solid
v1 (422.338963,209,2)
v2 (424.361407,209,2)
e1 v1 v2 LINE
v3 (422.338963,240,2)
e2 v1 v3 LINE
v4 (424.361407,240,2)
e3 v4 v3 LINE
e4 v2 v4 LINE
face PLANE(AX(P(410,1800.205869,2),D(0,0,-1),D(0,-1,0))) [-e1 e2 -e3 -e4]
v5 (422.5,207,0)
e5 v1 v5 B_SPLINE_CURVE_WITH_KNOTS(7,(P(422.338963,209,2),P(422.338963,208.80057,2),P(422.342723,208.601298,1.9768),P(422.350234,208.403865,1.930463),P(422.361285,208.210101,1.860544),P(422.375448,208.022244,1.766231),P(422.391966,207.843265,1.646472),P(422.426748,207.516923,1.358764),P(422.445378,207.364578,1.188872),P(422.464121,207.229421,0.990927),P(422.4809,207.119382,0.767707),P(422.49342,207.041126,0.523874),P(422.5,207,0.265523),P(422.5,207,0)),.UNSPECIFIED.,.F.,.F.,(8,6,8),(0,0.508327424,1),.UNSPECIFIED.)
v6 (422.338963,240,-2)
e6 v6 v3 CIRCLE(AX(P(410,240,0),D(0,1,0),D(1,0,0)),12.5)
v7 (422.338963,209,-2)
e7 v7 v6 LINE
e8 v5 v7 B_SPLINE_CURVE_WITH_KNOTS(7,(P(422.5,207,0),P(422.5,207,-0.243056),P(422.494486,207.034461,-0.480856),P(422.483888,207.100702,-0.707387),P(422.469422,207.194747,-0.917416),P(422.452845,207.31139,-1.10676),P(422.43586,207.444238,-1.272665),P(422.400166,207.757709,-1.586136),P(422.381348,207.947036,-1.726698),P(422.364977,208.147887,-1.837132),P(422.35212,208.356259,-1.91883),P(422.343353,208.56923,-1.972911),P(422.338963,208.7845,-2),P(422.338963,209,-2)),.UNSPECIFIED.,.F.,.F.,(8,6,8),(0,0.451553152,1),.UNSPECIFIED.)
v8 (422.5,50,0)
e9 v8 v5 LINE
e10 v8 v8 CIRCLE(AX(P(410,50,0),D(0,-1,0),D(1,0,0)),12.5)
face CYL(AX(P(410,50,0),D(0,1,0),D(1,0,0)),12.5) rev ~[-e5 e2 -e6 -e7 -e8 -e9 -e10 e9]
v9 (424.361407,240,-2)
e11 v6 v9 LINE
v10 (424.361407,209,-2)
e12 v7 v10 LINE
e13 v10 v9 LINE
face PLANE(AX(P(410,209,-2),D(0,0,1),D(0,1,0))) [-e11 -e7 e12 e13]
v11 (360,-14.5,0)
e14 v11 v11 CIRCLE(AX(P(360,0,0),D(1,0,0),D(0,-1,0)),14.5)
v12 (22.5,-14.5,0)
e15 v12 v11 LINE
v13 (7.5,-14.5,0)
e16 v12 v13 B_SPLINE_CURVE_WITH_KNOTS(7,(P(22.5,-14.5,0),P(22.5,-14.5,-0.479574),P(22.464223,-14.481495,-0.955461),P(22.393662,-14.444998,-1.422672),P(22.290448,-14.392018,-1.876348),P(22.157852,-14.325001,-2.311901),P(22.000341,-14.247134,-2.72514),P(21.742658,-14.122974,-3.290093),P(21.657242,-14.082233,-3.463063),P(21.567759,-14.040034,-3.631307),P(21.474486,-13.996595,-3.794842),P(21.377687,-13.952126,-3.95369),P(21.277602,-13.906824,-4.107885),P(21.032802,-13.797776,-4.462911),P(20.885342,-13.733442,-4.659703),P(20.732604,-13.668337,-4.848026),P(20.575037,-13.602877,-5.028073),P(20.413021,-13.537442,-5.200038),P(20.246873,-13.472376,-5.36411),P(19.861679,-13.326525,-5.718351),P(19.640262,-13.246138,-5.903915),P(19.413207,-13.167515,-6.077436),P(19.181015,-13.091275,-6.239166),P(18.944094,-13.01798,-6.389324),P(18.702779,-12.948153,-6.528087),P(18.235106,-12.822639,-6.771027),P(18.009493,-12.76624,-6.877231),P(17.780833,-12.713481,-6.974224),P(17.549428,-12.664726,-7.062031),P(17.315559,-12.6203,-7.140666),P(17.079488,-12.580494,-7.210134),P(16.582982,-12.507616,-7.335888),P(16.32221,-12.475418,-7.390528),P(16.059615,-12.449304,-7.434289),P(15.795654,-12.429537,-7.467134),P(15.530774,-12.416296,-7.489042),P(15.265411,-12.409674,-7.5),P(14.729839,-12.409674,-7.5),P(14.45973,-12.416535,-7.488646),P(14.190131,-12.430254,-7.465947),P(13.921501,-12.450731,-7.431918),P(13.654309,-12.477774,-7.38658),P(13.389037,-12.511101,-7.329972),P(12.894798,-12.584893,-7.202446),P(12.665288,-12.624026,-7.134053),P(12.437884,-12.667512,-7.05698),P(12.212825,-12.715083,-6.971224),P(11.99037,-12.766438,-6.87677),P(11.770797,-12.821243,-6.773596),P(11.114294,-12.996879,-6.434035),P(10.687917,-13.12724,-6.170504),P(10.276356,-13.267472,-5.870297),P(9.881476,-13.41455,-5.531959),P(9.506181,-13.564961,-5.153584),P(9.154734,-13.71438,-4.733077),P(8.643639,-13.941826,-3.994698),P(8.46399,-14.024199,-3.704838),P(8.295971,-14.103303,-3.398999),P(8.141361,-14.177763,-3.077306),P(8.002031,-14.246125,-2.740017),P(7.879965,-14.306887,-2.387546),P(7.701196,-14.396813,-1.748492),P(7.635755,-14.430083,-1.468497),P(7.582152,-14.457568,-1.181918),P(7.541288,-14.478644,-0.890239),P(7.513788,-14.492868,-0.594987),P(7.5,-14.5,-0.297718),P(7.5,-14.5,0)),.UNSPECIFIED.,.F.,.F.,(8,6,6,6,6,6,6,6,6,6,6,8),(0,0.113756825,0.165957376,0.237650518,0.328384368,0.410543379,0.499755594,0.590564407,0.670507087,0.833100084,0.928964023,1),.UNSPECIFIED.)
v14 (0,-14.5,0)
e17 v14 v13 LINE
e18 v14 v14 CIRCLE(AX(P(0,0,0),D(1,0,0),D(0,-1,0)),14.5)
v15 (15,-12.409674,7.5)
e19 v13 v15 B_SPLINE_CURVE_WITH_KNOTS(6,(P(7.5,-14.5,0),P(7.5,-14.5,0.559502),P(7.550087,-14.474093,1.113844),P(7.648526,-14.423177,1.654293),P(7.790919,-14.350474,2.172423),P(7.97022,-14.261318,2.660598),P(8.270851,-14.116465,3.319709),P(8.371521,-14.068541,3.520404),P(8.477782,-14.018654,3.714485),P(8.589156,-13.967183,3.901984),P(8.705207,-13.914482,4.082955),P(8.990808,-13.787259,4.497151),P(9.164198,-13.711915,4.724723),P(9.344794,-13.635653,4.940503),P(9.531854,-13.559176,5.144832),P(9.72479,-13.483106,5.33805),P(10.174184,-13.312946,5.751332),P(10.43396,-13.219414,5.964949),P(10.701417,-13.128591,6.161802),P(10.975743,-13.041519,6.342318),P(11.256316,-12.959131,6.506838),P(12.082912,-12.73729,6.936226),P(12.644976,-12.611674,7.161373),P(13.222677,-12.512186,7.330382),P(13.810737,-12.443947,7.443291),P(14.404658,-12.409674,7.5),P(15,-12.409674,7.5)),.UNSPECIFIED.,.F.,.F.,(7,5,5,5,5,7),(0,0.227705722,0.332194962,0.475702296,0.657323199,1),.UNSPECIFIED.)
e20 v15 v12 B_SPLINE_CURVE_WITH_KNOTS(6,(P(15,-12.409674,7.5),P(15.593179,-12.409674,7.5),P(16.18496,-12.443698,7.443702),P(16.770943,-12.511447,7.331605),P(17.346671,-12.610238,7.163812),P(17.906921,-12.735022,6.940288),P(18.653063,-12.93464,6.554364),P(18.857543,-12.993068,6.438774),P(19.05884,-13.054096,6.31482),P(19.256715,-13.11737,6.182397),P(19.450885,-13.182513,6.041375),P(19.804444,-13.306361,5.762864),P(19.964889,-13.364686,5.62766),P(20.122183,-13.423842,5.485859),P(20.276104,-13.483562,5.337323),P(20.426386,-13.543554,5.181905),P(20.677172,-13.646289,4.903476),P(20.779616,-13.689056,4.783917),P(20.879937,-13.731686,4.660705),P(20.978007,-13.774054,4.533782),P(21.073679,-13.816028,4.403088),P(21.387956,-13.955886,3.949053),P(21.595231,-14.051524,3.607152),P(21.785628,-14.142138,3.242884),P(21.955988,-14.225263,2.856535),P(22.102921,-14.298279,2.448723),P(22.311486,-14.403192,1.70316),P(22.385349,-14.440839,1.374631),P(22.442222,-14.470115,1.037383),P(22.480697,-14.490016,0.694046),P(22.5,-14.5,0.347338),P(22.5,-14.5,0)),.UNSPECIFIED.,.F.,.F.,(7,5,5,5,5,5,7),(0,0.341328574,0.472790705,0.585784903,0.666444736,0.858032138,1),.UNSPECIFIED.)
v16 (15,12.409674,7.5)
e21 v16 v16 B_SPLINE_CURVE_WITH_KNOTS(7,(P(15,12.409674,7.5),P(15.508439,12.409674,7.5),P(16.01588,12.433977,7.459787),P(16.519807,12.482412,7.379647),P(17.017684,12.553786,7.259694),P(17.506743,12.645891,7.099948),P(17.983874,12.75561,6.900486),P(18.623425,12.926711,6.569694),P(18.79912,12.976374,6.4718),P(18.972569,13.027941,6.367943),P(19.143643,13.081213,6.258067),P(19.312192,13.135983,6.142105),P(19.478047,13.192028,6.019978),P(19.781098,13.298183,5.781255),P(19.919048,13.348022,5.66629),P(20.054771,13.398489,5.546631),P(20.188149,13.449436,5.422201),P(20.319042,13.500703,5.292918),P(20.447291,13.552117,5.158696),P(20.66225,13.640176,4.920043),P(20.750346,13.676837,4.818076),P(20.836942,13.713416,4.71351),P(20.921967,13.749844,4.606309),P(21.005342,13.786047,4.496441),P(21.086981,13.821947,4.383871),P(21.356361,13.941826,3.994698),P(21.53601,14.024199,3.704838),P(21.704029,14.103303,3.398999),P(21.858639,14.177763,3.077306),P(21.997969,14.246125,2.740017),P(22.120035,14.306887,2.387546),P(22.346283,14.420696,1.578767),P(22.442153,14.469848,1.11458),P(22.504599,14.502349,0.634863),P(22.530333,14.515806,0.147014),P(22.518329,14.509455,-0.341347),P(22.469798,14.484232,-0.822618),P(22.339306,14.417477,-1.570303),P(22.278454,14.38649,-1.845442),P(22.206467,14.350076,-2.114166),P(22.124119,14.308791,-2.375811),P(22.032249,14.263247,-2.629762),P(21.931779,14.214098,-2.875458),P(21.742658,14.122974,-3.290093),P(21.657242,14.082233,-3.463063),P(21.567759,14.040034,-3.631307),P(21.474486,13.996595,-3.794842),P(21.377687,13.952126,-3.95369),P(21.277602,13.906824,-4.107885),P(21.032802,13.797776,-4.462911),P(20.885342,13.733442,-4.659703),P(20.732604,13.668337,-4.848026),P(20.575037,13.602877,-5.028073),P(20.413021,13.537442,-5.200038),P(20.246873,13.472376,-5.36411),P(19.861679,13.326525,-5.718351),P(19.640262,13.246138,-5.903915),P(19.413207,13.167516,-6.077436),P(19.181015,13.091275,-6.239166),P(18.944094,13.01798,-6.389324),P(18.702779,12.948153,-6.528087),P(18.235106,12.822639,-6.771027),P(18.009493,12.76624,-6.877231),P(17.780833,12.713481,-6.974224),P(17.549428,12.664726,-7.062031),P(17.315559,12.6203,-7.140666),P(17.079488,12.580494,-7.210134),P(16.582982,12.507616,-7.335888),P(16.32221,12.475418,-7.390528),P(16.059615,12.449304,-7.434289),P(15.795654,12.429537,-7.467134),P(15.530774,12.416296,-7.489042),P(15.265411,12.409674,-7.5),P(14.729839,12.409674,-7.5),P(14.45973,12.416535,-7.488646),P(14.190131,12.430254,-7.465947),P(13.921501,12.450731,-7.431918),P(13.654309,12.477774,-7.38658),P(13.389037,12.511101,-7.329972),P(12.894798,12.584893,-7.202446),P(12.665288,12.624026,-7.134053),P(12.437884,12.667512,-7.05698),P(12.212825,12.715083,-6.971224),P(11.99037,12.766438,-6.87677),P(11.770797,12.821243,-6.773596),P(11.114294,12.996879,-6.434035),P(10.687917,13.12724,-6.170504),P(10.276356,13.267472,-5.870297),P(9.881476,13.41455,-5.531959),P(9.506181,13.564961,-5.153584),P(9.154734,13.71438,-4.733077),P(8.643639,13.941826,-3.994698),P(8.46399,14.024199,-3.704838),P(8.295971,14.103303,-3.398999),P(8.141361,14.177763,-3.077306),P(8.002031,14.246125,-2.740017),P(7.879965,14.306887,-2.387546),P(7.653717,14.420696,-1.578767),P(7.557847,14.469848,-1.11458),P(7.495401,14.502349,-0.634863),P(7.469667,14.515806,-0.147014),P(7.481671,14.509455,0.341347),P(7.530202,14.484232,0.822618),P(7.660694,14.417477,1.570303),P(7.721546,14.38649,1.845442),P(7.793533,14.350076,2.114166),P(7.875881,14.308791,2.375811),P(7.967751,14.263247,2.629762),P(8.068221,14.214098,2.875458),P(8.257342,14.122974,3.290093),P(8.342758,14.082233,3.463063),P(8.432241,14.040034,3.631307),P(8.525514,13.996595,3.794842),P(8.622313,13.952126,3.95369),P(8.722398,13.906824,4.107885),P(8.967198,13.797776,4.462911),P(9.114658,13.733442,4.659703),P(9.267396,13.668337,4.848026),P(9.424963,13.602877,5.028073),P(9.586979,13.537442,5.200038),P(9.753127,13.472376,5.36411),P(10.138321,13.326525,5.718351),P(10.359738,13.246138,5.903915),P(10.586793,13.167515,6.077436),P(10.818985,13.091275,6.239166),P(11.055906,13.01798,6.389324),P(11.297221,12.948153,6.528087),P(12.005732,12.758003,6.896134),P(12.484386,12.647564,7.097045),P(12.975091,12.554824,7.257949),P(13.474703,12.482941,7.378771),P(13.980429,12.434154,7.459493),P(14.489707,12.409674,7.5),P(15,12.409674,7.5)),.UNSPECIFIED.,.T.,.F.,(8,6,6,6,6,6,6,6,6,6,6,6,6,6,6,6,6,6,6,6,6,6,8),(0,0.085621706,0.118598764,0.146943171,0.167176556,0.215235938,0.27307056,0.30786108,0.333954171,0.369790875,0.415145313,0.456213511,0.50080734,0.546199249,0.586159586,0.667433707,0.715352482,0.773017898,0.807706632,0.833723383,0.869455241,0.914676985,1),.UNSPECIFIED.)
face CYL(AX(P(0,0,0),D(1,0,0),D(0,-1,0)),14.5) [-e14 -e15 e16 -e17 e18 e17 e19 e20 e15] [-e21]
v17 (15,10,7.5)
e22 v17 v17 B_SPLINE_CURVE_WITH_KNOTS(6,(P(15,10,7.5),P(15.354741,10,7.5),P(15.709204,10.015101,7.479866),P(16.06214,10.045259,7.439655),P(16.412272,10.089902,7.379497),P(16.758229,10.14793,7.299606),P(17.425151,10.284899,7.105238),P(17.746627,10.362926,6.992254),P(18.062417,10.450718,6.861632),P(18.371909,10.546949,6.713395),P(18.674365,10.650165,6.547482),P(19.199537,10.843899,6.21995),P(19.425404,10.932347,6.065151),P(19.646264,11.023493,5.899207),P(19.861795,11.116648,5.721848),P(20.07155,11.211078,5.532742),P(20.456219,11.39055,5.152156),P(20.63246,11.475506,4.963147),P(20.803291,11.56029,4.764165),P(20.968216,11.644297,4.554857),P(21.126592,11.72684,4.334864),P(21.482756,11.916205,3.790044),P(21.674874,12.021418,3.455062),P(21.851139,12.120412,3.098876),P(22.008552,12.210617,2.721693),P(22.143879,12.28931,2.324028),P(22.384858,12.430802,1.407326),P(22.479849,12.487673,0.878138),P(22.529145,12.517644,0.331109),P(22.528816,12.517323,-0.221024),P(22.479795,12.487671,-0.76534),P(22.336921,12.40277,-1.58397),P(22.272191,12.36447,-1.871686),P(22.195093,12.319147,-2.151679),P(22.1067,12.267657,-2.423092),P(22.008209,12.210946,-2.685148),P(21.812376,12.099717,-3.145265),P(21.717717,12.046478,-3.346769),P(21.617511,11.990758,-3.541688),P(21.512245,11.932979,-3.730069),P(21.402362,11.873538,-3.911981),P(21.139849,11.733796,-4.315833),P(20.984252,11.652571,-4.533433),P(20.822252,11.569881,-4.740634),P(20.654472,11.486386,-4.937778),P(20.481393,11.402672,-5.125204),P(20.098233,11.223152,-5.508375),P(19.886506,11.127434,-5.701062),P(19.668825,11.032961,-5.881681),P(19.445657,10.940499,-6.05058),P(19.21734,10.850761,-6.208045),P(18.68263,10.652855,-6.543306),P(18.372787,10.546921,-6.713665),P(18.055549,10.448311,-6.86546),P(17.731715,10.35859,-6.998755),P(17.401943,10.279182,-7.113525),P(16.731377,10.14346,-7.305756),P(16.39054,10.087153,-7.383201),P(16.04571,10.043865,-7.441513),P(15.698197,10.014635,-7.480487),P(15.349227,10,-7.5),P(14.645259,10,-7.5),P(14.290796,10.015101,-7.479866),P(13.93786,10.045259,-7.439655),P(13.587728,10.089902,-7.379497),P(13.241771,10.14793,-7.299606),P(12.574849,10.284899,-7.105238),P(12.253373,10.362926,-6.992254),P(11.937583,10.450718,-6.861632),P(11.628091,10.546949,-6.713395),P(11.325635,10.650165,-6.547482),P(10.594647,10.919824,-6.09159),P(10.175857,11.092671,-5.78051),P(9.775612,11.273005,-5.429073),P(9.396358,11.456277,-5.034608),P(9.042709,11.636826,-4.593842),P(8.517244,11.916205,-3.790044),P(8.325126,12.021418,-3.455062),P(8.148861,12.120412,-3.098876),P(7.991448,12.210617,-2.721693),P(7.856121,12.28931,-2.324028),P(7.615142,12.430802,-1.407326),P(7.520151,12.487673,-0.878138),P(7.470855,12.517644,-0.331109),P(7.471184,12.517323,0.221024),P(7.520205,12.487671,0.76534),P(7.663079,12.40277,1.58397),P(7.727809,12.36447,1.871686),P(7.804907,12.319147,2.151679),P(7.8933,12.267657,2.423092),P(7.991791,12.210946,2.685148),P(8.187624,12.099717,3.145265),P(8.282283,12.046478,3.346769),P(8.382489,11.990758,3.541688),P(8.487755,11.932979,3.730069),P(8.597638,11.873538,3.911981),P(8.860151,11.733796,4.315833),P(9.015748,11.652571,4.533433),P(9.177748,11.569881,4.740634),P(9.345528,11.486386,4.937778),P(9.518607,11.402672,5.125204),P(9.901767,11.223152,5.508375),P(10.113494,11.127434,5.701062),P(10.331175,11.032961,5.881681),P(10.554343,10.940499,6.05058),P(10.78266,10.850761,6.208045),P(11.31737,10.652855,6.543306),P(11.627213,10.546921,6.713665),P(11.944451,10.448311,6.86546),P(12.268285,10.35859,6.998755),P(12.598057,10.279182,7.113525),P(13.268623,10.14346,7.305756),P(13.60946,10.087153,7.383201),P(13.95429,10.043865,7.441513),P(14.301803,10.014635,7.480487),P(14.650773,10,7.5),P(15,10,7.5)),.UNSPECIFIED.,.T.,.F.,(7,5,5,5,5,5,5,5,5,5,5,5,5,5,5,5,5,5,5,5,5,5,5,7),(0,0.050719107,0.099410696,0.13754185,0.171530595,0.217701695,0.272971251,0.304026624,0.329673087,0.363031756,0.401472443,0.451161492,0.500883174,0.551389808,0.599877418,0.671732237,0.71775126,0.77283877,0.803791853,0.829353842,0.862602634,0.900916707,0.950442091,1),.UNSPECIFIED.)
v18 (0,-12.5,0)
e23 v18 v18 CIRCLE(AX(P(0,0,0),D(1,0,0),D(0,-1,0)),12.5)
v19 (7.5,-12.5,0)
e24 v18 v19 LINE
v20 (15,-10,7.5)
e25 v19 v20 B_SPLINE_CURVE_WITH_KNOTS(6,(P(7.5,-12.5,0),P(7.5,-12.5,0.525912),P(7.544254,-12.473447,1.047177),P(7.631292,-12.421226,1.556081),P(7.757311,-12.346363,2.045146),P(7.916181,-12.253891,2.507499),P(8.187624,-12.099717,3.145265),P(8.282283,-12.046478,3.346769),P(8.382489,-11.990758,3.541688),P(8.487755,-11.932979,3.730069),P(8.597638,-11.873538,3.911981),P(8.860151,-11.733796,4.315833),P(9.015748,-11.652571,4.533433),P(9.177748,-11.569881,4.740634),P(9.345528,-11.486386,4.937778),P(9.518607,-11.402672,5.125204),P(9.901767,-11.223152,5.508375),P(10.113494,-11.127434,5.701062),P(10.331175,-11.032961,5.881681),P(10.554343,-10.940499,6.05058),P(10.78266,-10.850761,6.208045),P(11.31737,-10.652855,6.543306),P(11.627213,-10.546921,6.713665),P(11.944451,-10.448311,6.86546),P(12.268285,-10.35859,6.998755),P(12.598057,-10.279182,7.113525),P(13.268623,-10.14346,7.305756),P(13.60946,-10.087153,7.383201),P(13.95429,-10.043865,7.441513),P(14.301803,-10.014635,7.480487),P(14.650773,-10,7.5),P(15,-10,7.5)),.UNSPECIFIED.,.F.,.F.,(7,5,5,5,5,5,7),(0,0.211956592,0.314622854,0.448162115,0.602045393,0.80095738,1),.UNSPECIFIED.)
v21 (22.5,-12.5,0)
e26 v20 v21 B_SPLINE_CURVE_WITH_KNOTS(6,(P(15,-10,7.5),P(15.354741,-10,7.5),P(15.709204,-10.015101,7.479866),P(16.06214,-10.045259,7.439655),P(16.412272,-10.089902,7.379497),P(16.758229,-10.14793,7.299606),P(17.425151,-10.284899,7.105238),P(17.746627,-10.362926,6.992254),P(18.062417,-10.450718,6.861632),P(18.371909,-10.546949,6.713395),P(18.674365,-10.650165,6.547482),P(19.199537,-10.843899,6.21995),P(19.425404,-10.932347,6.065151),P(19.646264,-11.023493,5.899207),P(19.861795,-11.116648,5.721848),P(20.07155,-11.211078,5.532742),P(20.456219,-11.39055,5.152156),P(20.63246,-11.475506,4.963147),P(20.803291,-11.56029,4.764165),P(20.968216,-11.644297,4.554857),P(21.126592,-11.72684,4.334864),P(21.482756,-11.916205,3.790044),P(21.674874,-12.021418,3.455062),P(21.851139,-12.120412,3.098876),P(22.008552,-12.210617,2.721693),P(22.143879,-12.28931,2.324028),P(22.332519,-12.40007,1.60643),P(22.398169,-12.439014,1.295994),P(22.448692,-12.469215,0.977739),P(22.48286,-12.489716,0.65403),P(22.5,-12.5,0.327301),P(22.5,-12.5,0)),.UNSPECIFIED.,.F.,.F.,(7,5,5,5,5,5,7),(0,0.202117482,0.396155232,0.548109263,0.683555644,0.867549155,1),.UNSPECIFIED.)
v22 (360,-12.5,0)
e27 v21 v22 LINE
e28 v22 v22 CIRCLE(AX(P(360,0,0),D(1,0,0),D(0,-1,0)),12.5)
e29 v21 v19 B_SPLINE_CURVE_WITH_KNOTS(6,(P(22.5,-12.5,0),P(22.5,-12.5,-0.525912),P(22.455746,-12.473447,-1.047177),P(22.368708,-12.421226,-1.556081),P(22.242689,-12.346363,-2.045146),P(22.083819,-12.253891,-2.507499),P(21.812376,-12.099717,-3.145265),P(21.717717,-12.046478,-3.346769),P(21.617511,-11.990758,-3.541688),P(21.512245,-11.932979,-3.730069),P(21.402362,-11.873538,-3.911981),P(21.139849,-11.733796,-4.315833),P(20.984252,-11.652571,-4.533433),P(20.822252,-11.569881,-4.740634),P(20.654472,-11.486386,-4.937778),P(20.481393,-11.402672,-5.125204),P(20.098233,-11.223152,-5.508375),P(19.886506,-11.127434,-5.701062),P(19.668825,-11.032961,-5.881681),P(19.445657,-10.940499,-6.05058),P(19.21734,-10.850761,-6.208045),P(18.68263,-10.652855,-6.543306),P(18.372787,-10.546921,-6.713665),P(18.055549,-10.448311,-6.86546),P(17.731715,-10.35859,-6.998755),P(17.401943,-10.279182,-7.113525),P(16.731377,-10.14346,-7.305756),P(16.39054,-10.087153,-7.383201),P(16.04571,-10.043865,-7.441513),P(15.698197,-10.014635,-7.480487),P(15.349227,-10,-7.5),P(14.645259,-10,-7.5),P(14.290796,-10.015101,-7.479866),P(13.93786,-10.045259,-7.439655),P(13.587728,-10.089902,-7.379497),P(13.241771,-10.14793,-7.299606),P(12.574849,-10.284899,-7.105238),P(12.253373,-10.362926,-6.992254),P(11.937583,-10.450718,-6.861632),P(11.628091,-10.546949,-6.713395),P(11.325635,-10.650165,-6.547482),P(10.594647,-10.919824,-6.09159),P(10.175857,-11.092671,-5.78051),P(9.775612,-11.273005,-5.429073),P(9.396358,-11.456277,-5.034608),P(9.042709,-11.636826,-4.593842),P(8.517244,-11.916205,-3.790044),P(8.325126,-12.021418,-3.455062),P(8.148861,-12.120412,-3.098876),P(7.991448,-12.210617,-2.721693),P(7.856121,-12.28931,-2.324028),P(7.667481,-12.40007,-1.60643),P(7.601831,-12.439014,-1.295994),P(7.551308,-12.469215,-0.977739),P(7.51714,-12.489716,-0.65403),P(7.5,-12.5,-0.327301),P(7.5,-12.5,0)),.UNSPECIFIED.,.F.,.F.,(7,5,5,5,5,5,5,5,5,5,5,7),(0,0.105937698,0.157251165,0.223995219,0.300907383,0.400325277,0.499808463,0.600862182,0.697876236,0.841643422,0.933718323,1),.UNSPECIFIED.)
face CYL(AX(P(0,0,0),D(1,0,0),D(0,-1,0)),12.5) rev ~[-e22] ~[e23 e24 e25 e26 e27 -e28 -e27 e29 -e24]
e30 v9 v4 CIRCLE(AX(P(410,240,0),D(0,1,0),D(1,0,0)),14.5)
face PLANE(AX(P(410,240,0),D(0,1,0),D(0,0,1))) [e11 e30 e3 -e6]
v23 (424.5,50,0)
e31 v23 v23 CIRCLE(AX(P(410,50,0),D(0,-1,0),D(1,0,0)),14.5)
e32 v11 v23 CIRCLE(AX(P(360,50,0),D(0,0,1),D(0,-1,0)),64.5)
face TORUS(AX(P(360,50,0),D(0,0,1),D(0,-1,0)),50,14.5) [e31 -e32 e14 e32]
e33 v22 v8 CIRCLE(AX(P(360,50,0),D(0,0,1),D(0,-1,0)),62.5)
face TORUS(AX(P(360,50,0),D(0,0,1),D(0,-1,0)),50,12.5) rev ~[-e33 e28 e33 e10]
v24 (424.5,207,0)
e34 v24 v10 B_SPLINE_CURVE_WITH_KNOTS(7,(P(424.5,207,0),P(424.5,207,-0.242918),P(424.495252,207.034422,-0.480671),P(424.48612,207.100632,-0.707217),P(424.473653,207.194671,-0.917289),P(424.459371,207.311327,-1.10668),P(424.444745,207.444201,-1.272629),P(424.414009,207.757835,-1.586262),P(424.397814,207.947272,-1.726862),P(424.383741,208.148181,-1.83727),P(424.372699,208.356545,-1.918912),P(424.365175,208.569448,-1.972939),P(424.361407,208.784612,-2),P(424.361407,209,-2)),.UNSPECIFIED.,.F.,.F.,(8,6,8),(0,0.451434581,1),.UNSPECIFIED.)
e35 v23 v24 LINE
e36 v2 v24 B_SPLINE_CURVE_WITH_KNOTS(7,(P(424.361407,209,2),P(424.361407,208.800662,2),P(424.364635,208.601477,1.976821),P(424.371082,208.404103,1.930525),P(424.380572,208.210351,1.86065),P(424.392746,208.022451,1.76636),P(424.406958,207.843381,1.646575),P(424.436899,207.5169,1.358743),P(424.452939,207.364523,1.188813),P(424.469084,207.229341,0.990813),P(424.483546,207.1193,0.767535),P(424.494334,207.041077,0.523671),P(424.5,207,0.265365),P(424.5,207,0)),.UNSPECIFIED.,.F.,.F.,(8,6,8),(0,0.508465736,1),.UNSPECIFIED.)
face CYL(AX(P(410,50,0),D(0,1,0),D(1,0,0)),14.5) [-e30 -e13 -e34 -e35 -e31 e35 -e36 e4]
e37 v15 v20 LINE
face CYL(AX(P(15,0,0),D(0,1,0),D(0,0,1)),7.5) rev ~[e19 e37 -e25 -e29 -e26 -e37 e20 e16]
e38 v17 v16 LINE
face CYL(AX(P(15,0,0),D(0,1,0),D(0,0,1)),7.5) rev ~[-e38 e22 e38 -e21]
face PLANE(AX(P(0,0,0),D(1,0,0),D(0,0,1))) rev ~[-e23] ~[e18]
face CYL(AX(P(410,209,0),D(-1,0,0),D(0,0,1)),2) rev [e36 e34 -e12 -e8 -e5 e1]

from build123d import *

# Parameters (mm, degrees)
SKETCH_3_R          = 12.5
SHELL_7_T           = 2
CUT_EXTRUDE_4_DEPTH = 476.300168318
SKETCH_19_R         = 7.5
CUT_EXTRUDE_5_DEPTH = 25


with BuildPart() as part:
    # 掃出5: sweep along a path in 草圖1
    with BuildLine(Plane.XY) as sweep_5_path:
        Line((0, 0), (360, 0))
        ThreePointArc((360, 0), (395.355339059, 14.644660941), (410, 50))
        Line((410, 50), (410, 240))
    # 草圖3 → 掃出5 (sweep)
    with BuildSketch(Plane(origin=(60, 240, 0), x_dir=(1, 0, 0), z_dir=(0, 1, 0))):
        with Locations((350, 0)):
            Circle(SKETCH_3_R)
    sweep(path=sweep_5_path.line)

    # 薄殼7
    shell_7_openings = [part.faces().sort_by_distance(p)[0] for p in [
        (0, 0, 0),
        (410, 240, 0),
    ]]
    offset(amount=SHELL_7_T, openings=shell_7_openings, kind=Kind.INTERSECTION)

    # 草圖18 → 除料-伸長4 (cut, through all)
    with BuildSketch(Plane(origin=(410, 0, 0), x_dir=(0, 0, -1), z_dir=(1, 0, 0))):
        with BuildLine():
            Line((-2, 760.068622847), (-2, 240))
            Line((-2, 240), (-2, 209))
            ThreePointArc((-2, 209), (0, 207), (2, 209))
            Line((2, 209), (2, 240))
            Line((2, 240), (2, 760.068622847))
            Line((2, 760.068622847), (2, 1800.205868541))
            Line((2, 1800.205868541), (-2, 1800.205868541))
            Line((-2, 1800.205868541), (-2, 760.068622847))
        make_face()
    extrude(amount=CUT_EXTRUDE_4_DEPTH, mode=Mode.SUBTRACT)

    # 草圖19 → 除料-伸長5 (cut, symmetric)
    with BuildSketch(Plane(origin=(0, 0, 0), x_dir=(1, 0, 0), z_dir=(0, 1, 0))):
        with Locations(Location((15, 0, 0), (0, 0, 270))):
            Circle(SKETCH_19_R)
    extrude(amount=CUT_EXTRUDE_5_DEPTH, both=True, mode=Mode.SUBTRACT)


solid = part.part
